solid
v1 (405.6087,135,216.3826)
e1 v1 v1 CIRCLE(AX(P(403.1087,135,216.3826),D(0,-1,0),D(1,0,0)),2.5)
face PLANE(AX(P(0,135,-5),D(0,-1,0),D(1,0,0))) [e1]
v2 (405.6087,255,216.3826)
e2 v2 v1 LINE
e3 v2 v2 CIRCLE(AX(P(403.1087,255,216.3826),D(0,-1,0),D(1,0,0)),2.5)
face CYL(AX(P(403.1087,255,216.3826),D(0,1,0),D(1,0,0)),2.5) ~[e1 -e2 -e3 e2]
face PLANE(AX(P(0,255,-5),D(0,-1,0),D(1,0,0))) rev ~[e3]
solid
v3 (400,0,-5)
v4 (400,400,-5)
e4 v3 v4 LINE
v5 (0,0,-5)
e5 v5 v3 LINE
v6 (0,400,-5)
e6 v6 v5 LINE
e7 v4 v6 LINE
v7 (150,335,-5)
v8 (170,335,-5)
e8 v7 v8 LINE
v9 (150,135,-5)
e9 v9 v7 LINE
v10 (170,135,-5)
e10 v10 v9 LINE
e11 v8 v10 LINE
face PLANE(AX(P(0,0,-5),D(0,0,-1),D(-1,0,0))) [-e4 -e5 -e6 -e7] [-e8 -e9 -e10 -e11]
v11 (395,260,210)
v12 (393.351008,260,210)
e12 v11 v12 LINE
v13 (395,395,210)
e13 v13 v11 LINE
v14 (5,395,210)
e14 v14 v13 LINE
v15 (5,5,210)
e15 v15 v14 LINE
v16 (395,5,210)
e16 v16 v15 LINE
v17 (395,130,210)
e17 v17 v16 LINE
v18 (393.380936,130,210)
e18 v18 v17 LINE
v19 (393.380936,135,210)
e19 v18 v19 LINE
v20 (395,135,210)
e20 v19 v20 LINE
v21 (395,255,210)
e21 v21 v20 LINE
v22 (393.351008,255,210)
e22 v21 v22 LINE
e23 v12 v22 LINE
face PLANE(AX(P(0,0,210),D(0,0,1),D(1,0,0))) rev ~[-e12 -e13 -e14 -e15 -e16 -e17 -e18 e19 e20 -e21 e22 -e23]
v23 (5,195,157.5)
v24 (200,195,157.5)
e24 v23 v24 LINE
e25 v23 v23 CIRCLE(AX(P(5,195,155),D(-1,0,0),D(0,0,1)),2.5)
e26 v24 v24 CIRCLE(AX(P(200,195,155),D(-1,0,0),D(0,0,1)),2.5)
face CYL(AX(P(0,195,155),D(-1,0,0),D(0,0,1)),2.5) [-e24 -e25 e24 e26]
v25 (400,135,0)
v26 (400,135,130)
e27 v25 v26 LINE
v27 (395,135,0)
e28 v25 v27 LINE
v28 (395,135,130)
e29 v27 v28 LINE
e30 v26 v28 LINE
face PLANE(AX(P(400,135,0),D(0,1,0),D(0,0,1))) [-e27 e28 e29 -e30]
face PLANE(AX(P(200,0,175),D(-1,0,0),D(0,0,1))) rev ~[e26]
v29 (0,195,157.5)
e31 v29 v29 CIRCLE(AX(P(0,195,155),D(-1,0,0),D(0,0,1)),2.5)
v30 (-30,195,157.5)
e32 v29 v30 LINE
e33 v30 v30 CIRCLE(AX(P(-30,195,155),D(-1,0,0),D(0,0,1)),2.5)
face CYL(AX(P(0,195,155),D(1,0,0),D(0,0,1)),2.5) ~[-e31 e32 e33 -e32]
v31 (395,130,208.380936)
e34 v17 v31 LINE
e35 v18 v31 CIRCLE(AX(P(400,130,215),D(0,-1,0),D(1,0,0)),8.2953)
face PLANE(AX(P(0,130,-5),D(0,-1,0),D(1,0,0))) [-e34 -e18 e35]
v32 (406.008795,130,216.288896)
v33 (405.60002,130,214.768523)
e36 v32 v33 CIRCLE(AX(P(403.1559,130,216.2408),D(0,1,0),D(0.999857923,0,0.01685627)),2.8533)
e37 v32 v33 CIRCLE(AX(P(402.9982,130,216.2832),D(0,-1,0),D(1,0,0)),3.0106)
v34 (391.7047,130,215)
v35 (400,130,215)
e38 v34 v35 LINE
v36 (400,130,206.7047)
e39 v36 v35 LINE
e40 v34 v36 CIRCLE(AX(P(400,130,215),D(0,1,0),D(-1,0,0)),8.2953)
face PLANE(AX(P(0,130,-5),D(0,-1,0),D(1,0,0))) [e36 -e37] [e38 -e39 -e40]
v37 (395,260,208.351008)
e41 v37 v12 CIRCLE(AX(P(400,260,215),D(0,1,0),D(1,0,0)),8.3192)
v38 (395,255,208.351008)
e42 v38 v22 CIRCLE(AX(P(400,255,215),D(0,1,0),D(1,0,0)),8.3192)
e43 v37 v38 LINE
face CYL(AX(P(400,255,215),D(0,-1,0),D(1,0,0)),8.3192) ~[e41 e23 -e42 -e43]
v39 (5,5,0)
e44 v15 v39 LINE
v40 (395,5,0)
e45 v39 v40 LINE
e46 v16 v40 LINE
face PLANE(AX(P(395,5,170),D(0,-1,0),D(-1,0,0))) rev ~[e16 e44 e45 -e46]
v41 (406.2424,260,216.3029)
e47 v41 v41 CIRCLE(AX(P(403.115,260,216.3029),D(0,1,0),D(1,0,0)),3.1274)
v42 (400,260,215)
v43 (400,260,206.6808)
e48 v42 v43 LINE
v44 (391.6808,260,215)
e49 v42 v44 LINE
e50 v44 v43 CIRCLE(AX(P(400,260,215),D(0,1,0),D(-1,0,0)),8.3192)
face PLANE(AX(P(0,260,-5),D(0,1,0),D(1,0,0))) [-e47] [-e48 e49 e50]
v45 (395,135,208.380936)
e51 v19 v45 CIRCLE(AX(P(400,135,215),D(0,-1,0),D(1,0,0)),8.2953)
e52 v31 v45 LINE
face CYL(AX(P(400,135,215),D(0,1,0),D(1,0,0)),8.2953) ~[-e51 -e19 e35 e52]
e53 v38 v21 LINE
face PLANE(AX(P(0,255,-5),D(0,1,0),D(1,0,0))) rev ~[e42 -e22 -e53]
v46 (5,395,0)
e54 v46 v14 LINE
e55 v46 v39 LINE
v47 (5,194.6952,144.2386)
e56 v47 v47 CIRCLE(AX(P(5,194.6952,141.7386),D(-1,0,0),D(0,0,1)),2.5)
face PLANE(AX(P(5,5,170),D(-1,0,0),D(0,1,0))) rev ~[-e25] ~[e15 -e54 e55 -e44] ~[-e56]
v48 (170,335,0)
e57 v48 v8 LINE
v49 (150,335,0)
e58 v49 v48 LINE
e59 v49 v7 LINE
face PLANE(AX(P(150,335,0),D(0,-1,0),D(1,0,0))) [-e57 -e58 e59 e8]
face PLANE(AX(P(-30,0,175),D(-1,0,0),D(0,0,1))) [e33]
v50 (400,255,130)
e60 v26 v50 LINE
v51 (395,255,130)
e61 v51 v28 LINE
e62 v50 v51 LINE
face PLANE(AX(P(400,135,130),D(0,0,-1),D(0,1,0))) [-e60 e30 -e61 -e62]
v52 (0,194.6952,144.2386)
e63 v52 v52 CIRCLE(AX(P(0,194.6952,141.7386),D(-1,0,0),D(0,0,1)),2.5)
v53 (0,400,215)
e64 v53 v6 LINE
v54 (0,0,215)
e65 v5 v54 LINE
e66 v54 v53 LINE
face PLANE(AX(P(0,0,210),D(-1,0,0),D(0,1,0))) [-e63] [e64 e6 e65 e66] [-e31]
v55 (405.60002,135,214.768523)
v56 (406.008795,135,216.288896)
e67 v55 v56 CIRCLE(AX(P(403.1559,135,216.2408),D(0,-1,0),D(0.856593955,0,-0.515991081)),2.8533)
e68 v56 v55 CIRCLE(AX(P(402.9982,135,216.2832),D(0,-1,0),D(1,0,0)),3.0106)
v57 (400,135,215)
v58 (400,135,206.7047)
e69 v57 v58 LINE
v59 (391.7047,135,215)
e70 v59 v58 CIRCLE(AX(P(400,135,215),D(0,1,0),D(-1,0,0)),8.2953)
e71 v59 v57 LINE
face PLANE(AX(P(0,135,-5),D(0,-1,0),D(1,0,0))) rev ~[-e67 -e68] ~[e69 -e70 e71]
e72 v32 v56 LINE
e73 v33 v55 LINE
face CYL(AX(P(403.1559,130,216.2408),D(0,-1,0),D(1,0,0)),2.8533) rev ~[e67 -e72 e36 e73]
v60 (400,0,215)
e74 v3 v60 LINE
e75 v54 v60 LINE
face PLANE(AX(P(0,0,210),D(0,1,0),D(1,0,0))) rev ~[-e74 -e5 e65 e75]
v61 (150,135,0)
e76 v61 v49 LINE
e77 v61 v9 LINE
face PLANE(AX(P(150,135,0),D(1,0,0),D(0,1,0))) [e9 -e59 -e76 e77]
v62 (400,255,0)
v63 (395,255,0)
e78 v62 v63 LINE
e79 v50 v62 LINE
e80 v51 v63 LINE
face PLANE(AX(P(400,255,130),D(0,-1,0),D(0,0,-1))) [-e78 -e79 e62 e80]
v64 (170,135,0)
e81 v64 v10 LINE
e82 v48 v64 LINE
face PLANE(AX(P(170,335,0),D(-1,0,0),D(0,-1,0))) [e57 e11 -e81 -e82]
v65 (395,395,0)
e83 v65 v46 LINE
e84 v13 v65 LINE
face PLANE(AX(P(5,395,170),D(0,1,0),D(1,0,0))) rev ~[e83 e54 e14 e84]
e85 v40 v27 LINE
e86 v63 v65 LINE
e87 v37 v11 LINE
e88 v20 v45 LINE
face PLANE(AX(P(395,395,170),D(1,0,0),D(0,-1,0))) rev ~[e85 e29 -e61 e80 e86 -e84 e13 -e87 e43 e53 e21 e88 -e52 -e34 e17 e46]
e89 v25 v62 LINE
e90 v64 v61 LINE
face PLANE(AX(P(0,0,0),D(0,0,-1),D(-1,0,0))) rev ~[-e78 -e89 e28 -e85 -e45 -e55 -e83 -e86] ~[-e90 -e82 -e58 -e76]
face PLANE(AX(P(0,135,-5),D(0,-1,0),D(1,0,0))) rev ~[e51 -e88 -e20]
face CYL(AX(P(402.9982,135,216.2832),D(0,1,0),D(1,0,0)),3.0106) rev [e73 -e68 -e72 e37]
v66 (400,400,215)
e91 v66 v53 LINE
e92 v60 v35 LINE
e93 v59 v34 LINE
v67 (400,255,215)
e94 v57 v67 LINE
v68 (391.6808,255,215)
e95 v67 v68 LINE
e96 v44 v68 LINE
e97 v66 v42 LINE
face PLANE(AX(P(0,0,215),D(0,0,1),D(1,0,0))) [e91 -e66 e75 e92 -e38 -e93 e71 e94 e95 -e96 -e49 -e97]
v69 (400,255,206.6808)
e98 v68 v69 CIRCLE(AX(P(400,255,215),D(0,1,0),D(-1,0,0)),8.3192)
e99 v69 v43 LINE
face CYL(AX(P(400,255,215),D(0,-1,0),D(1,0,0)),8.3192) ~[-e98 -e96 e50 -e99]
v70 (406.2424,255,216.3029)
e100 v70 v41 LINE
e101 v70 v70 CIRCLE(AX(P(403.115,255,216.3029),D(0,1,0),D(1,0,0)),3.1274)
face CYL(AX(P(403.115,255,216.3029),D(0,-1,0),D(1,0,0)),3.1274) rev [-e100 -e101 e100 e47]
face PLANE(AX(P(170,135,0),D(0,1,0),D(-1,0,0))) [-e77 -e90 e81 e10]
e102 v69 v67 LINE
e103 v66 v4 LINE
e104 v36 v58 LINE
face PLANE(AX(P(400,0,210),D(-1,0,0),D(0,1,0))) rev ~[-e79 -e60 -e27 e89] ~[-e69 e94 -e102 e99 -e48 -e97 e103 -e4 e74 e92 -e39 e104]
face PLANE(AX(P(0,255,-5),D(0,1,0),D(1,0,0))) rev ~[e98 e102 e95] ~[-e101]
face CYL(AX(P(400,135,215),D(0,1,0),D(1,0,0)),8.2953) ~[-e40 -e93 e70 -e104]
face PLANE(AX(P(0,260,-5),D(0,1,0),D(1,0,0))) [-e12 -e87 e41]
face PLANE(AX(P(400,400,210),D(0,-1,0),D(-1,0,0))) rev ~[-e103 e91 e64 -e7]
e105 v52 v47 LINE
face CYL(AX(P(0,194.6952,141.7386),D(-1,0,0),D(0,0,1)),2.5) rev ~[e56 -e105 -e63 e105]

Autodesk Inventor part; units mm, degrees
ref_plane "YZ Plane" through (0, 0, 0) normal (1, 0, 0) x (0, 1, 0)
ref_plane "XZ Plane" through (0, 0, 0) normal (0, 1, 0) x (-1, 0, 0)
ref_plane "XY Plane" through (0, 0, 0) normal (0, 0, 1) x (1, 0, 0)
sketch "Sketch1" plane through (0, 0, 0) normal (0, 0, 1) x (1, 0, 0)
  line L0 (0, 0) -> (400, 0)
  line L1 (400, 0) -> (400, 400)
  line L2 (400, 400) -> (0, 400)
  line L3 (0, 400) -> (0, 0)
  line L4 (5, 5) -> (395, 5)
  line L5 (395, 5) -> (395, 395)
  line L6 (395, 395) -> (5, 395)
  line L7 (5, 395) -> (5, 5)
  dimension "d0" = 400
  dimension "d1" = 400
  dimension "d2" = 390
  dimension "d3" = 390
extrude "Extrusion1" add sketch "Sketch1" along normal blind 170
sketch "Sketch2" plane through (0, 0, 170) normal (0, 0, 1) x (1, 0, 0)
  line L0 (400, 0) -> (400, 400) projected
  line L1 (0, 0) -> (400, 0)
  line L2 (400, 0) -> (400, 400)
  line L3 (400, 400) -> (0, 400)
  line L4 (0, 400) -> (0, 0)
extrude "Extrusion2" add sketch "Sketch2" along normal blind 5
sketch "Sketch3" plane through (400, 0, 0) normal (1, 0, 0) x (0, 0, -1)
  line L0 (0, 0) -> (0, 400) projected
  line L1 (0, 140) -> (-130, 140)
  line L2 (-130, 140) -> (-130, 250)
  line L3 (-130, 250) -> (0, 250)
  line L4 (0, 250) -> (0, 140)
  dimension "d8" = 130
  dimension "d9" = 110
extrude "Extrusion3" cut sketch "Sketch3" against normal blind 5
sketch "Sketch4" plane through (400, 0, 175) normal (1, 0, 0) x (0, 0, -1)
  line L0 (45, 250) -> (45, 140) projected
  line L1 (175, 140) -> (175, 5) projected
  line L2 (45, 140) -> (175, 140)
  line L3 (175, 140) -> (175, 135)
  line L4 (175, 135) -> (45, 135)
  line L5 (45, 135) -> (45, 140)
  line L6 (175, 250) -> (45, 250) projected
  line L7 (175, 250) -> (45, 250)
  line L8 (45, 250) -> (45, 255)
  line L9 (45, 255) -> (175, 255)
  line L10 (175, 255) -> (175, 250)
  point P0 (175, 0)
  dimension "d12" = 5
  dimension "d13" = 5
extrude "Extrusion4" cut sketch "Sketch4" against normal blind 5
sketch "Sketch5" plane through (0, 0, 0) normal (0, 0, -1) x (-1, 0, 0)
  line L0 (-400, 255) -> (-400, 400) projected
  line L1 (0, 0) -> (-400, 0)
  line L2 (-400, 0) -> (-400, 400)
  line L3 (-400, 400) -> (0, 400)
  line L4 (0, 400) -> (0, 0)
  line L5 (-170, 135) -> (-150, 135)
  line L6 (-150, 135) -> (-150, 335)
  line L7 (-150, 335) -> (-170, 335)
  line L8 (-170, 335) -> (-170, 135)
  dimension "d16" = 20
  dimension "d17" = 200
extrude "Extrusion5" add sketch "Sketch5" along normal blind 5
sketch "Sketch6" plane through (0, 0, 175) normal (-1, 0, 0) x (0, 0, 1)
  circle A0 centre (-20, 195) radius 2.5
  point P0 (-175, 0)
  dimension "d20" = 5
extrude "Extrusion6" cut sketch "Sketch6" against normal blind 220
sketch "Sketch7" plane through (0, 0, 175) normal (-1, 0, 0) x (0, 0, 1)
  circle A0 centre (-20, 195) radius 2.5 projected
  circle A1 centre (-20, 195) radius 2.5
  point P0 (-175, 0)
extrude "Extrusion7" add sketch "Sketch7" against normal blind 200
sketch "Sketch8" plane through (0, 0, 175) normal (-1, 0, 0) x (0, 0, 1)
  circle A0 centre (-20, 195) radius 2.5 projected
  circle A1 centre (-20, 195) radius 2.5
  point P0 (-175, 0)
extrude "Extrusion8" add sketch "Sketch8" along normal blind 30
sketch "Sketch9" plane through (150, 135, 0) normal (1, 0, 0) x (0, 0, -1)
  point P0 (0, -135)
sketch "Sketch10" plane through (150, 135, 0) normal (1, 0, 0) x (0, 0, -1)
  point P0 (0, -135)
sketch "Sketch11" plane through (0, 0, 175) normal (-1, 0, 0) x (0, 0, 1)
  circle A0 centre (-32.5584, 194.9375) radius 2.5
  circle A1 centre (-20, 195) radius 2.5 projected
  circle A2 centre (-20, 195) radius 2.5
  point P0 (-175, 0)
  dimension "d27" = 5
  dimension "d28" = 5
extrude "Extrusion9" add sketch "Sketch11" against normal blind 200 contours A1
sketch "Sketch12" plane through (0, 0, 175) normal (-1, 0, 0) x (0, 0, 1)
  circle A0 centre (-33.2614, 194.6952) radius 2.5
  point P0 (-175, 0)
  dimension "d31" = 5
extrude "Extrusion10" cut sketch "Sketch12" against normal blind 200
sketch "Sketch13" plane through (0, 0, 175) normal (0, 0, 1) x (1, 0, 0)
  point P0 (0, 0)
sketch "Sketch14" plane through (0, 0, 175) normal (0, 0, 1) x (1, 0, 0)
  line L0 (400, 0) -> (0, 0) projected
  line L1 (400, 0) -> (0, 0)
  line L2 (0, 0) -> (0, 400)
  line L3 (0, 400) -> (400, 400)
  line L4 (400, 400) -> (400, 0)
extrude "Extrusion11" cut sketch "Sketch14" against normal blind 5
sketch "Sketch15" plane through (0, 0, 170) normal (0, 0, 1) x (1, 0, 0)
  line L0 (0, 0) -> (0, 400) projected
  line L1 (400, 0) -> (0, 0)
  line L2 (0, 0) -> (0, 400)
  line L3 (0, 400) -> (400, 400)
  line L4 (400, 400) -> (400, 0)
  line L5 (5, 395) -> (395, 395) projected
  line L6 (395, 395) -> (395, 5) projected
  line L7 (5, 395) -> (395, 395)
  line L8 (395, 395) -> (395, 5)
  line L9 (395, 5) -> (5, 5)
  line L10 (5, 5) -> (5, 395)
extrude "Extrusion12" add sketch "Sketch15" along normal blind 40
sketch "Sketch16" plane through (0, 0, 210) normal (0, 0, 1) x (1, 0, 0)
  line L0 (0, 0) -> (0, 400) projected
  line L1 (0, 400) -> (400, 400) projected
  line L2 (0, 0) -> (400, 0)
  line L3 (400, 0) -> (400, 400)
  line L4 (400, 400) -> (0, 400)
  line L5 (0, 400) -> (0, 0)
extrude "Extrusion13" add sketch "Sketch16" along normal blind 5
ref_plane "Work Plane3" through (0, 135, -5) normal (0, -1, 0) x (1, 0, 0)
sketch "Sketch17" plane through (0, 135, -5) normal (0, -1, 0) x (1, 0, 0)
  line L0 (0, 220) -> (400, 220) projected
  circle A0 centre (400, 220) radius 8.2953
  circle A1 centre (402.9982, 221.2832) radius 3.0106
  point P0 (0, 5)
extrude "Extrusion14" add sketch "Sketch17" along normal blind 5
ref_plane "Work Plane4" through (0, 255, -5) normal (0, 1, 0) x (1, 0, 0)
sketch "Sketch18" plane through (0, 255, -5) normal (0, 1, 0) x (1, 0, 0)
  line L0 (400, -220) -> (400, 0) projected
  circle A0 centre (400, -220) radius 8.3192
  circle A1 centre (403.115, -221.3029) radius 3.1274
  point P0 (0, -5)
extrude "Extrusion15" add sketch "Sketch18" along normal blind 5
sketch "Sketch19" plane through (0, 0, 215) normal (0, 0, 1) x (1, 0, 0)
  line L0 (400, 400) -> (0, 400) projected
  line L1 (0, 0) -> (400, 0)
  line L2 (400, 0) -> (400, 400)
  line L3 (400, 400) -> (0, 400)
  line L4 (0, 400) -> (0, 0)
extrude "Extrusion16" cut sketch "Sketch19" against normal blind 5
sketch "Sketch20" plane through (0, 130, -5) normal (0, -1, 0) x (1, 0, 0)
  circle A0 centre (403.1559, 221.2408) radius 2.8533
  point P0 (0, 5)
extrude "Extrusion17" cut sketch "Sketch20" against normal blind 130
sketch "Sketch21" plane through (0, 255, -5) normal (0, -1, 0) x (1, 0, 0)
  circle A0 centre (403.1087, 221.3826) radius 2.5
  point P0 (0, 5)
  dimension "d50" = 5
extrude "Extrusion18" add sketch "Sketch21" along normal blind 120
sketch "Sketch22" plane through (0, 0, 210) normal (0, 0, 1) x (1, 0, 0)
  point P0 (0, 0)
sketch "Sketch23" plane through (0, 0, 210) normal (0, 0, 1) x (1, 0, 0)
  line L0 (0, 0) -> (0, 400) projected
  line L1 (400, 400) -> (400, 260) projected
  line L2 (0, 0) -> (400, 0)
  line L3 (400, 0) -> (400, 400)
  line L4 (400, 400) -> (0, 400)
  line L5 (0, 400) -> (0, 0)
extrude "Extrusion19" add sketch "Sketch23" along normal blind 5
properties part number "DSN 1" material "Glass"
